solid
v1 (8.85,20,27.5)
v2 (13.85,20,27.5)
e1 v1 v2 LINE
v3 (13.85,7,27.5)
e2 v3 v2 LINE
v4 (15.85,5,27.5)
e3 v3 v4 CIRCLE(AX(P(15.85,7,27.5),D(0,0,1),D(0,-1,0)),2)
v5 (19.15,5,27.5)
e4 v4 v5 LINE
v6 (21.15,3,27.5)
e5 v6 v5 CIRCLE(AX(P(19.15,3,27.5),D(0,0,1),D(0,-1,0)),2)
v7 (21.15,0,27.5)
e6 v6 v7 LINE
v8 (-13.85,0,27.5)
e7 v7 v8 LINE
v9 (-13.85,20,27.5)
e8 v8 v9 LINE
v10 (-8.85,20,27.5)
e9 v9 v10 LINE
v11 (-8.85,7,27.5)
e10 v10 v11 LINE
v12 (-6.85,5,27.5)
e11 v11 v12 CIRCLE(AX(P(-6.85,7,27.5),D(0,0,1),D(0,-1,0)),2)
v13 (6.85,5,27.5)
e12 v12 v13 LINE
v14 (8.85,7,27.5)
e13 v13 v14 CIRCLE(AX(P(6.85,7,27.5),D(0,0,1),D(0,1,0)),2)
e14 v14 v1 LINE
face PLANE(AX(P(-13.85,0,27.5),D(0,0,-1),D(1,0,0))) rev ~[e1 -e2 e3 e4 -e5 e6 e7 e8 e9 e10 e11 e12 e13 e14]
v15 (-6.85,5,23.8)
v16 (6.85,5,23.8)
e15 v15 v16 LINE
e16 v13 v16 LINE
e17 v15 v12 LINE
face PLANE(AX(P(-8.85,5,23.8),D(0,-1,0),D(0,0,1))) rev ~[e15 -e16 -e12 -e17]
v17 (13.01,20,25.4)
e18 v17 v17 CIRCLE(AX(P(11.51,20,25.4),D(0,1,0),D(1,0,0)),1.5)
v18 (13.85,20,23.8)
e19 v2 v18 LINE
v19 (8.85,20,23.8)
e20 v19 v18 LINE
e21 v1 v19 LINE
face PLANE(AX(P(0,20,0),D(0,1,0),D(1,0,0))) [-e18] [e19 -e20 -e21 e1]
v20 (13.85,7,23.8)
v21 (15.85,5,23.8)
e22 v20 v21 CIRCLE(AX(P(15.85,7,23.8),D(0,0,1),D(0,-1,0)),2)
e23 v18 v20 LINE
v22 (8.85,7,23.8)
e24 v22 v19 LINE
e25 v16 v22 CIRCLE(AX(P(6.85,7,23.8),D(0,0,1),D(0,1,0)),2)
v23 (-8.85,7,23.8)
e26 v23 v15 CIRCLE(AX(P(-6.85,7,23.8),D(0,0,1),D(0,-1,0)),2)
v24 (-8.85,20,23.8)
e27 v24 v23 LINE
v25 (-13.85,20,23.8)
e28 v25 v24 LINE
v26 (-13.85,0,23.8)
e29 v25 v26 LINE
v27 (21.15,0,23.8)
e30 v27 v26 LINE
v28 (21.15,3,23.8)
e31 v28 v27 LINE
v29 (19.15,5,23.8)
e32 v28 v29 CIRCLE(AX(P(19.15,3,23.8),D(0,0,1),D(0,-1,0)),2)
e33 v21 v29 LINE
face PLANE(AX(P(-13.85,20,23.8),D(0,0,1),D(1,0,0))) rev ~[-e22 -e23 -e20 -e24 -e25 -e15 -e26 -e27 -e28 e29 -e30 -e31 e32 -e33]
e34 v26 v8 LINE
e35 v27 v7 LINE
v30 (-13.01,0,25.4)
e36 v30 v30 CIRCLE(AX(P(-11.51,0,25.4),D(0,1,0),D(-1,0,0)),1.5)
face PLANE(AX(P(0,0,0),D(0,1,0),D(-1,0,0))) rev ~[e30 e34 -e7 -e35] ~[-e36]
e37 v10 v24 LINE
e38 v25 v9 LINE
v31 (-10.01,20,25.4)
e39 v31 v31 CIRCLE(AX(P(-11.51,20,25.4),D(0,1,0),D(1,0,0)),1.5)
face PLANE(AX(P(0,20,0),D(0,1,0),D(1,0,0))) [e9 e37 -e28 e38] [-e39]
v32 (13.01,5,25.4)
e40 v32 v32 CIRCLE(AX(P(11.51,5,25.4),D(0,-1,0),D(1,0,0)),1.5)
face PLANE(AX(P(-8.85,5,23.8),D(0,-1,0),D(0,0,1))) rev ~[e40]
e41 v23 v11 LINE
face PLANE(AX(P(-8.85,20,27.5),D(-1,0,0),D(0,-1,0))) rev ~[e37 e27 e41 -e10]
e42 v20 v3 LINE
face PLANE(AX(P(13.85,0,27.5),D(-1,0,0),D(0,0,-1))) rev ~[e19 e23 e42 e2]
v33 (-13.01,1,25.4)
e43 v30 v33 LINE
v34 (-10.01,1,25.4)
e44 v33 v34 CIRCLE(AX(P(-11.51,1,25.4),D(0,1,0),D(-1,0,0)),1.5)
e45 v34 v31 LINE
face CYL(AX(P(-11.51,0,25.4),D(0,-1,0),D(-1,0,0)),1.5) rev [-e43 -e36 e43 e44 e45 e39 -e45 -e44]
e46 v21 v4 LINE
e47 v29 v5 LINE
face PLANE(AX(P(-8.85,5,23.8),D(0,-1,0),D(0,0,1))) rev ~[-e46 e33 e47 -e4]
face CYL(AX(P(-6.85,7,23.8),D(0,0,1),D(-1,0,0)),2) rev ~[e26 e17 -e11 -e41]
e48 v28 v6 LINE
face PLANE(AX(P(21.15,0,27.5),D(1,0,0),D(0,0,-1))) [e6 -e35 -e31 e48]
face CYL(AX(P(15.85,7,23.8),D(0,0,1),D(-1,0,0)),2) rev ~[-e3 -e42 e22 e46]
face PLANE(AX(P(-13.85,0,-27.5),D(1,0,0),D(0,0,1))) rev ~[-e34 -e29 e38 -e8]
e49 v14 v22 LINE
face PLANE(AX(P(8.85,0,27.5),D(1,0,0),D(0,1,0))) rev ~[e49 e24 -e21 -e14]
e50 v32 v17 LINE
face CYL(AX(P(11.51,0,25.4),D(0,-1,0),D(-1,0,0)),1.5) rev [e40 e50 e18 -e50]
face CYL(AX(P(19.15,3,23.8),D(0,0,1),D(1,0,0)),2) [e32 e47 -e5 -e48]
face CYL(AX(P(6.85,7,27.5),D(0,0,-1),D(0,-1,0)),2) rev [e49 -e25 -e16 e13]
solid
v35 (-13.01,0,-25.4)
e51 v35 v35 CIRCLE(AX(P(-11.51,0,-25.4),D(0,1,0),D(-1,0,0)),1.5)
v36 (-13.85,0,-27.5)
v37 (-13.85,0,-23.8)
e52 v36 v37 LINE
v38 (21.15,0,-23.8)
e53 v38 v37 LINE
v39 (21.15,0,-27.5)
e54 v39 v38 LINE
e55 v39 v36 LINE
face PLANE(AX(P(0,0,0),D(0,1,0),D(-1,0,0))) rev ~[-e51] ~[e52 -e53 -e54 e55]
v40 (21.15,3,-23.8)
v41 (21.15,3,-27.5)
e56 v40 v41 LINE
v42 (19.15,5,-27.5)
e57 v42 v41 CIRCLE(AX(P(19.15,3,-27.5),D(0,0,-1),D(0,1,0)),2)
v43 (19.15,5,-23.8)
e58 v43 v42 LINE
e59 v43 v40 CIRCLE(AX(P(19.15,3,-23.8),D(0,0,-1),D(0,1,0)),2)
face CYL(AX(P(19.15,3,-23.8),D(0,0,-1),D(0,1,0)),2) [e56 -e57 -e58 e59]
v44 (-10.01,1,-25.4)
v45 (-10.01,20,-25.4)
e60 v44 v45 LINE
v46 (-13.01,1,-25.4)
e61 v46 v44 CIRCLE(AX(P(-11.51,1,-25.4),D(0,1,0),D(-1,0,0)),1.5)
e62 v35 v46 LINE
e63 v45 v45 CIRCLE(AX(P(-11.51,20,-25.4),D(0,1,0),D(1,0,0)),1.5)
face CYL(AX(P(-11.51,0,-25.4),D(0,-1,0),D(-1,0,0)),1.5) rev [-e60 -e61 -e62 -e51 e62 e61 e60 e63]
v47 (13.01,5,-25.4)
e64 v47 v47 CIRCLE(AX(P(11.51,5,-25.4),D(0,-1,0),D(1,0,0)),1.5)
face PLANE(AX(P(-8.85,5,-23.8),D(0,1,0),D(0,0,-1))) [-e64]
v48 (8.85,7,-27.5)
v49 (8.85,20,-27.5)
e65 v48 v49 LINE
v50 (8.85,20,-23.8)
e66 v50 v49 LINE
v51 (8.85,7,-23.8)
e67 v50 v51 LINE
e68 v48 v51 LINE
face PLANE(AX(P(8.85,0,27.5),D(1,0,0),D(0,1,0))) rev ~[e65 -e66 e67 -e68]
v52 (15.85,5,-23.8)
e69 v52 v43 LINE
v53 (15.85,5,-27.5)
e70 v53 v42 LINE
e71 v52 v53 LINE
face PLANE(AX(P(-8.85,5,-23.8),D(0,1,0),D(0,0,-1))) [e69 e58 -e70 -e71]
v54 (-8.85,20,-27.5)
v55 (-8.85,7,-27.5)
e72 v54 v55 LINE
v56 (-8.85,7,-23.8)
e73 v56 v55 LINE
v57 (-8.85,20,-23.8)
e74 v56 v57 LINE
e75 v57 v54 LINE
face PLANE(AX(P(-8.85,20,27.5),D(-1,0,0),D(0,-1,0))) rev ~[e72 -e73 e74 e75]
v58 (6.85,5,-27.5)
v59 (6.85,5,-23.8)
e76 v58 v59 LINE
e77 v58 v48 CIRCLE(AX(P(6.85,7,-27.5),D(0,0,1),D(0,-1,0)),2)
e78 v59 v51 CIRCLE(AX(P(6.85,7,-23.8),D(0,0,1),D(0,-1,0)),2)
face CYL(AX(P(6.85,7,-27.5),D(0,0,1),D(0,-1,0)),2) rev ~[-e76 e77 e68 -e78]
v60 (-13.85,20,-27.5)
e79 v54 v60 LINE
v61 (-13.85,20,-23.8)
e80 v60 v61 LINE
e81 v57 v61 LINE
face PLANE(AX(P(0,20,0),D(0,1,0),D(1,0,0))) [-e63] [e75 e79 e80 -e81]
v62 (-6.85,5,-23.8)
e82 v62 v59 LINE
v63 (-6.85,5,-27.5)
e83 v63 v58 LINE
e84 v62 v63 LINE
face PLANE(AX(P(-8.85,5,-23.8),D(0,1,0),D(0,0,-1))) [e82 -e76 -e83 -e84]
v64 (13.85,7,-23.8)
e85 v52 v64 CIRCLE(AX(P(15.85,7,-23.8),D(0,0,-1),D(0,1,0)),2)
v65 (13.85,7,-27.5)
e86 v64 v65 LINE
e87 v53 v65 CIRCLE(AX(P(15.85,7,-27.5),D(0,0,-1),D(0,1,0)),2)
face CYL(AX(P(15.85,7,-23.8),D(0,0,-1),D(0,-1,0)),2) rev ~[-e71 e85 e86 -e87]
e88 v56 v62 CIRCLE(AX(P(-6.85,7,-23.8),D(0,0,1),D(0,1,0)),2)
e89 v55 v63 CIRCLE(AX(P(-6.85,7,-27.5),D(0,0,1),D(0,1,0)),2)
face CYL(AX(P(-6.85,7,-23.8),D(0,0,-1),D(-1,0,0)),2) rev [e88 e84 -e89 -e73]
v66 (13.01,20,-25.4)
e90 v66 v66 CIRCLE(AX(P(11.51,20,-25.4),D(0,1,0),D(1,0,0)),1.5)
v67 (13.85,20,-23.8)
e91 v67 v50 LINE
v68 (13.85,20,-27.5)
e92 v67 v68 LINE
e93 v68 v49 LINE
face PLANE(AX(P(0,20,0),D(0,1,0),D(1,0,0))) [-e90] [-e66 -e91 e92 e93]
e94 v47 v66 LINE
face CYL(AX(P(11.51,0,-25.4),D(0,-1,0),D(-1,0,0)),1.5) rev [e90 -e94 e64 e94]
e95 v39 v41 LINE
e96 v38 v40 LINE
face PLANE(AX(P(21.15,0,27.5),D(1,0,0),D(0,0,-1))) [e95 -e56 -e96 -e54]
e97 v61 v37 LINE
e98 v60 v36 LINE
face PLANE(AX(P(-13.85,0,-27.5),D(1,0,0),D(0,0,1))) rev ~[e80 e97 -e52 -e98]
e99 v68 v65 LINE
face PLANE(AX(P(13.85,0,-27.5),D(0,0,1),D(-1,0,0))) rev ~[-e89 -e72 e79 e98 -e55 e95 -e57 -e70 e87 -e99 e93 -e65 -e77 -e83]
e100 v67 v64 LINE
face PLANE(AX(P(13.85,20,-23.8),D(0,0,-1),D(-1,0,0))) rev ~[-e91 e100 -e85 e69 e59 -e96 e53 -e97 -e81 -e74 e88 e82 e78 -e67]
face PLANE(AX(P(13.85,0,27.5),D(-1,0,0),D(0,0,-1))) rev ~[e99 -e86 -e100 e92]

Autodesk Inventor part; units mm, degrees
ref_plane "YZ Plane" through (0, 0, 0) normal (1, 0, 0) x (0, 1, 0)
ref_plane "XZ Plane" through (0, 0, 0) normal (0, 1, 0) x (-1, 0, 0)
ref_plane "XY Plane" through (0, 0, 0) normal (0, 0, 1) x (1, 0, 0)
sketch "Sketch1" plane through (0, 0, 0) normal (0, 1, 0) x (-1, 0, 0)
  line L0 (13.85, 27.5) -> (-13.85, 27.5)
  line L1 (-13.85, 27.5) -> (-13.85, -27.5)
  line L2 (-13.85, -27.5) -> (13.85, -27.5)
  line L3 (13.85, -27.5) -> (13.85, 27.5)
  line L4 (13.85, 27.5) -> (-13.85, -27.5) construction
  line L5 (-13.85, 27.5) -> (13.85, -27.5) construction
  line L6 (0, 27.5) -> (0, -27.5) construction
  line L7 (13.85, 0) -> (-13.85, 0) construction
  circle A0 centre (11.51, 25.4) radius 1.5
  circle A1 centre (11.51, -25.4) radius 1.5
  circle A2 centre (-11.51, 25.4) radius 1.5
  circle A3 centre (-11.51, -25.4) radius 1.5
  point P0 (0, 0)
  dimension "d0" = 27.7
  dimension "d1" = 55
  dimension "d2" = 3
  dimension "d3" = 2.34
  dimension "d4" = 2.1
extrude "Extrusion1" add sketch "Sketch1" along normal blind 1
sketch "Sketch2" plane through (0, 1, 0) normal (0, 1, 0) x (1, 0, 0)
  circle A0 centre (11.51, 25.4) radius 1.5 projected
  circle A1 centre (11.51, -25.4) radius 1.5 projected
  circle A2 centre (-11.51, 25.4) radius 1.5 projected
  circle A3 centre (-11.51, -25.4) radius 1.5 projected
  line L0 (-13.85, -27.5) -> (13.85, -27.5) projected
  line L1 (13.85, -27.5) -> (13.85, 27.5) projected
  line L2 (13.85, 27.5) -> (-13.85, 27.5) projected
  line L3 (-13.85, 27.5) -> (-13.85, -27.5) projected
  point P0 (0, 0)
extrude "Extrusion2" add sketch "Sketch2" along normal blind 19
sketch "Sketch3" plane through (0, 20, 0) normal (0, 1, 0) x (1, 0, 0)
  line L0 (-13.85, 27.5) -> (-13.85, -27.5) projected
  line L1 (13.85, -27.5) -> (13.85, 27.5) projected
  line L2 (-13.85, -23.8) -> (13.85, -23.8)
  line L3 (13.85, -23.8) -> (13.85, 23.8)
  line L4 (13.85, 23.8) -> (-13.85, 23.8)
  line L5 (-13.85, 23.8) -> (-13.85, -23.8)
  line L6 (-13.85, -27.5) -> (13.85, -27.5) projected
  line L7 (13.85, 27.5) -> (-13.85, 27.5) projected
  point P0 (0, 0)
  dimension "d9" = 3.7
  dimension "d10" = 3.7
extrude "Extrusion3" cut sketch "Sketch3" against normal blind 20 contours L4 L1 L2 L0
sketch "Sketch4" plane through (-13.85, 0, 27.5) normal (0, 0, 1) x (1, 0, 0)
  line L0 (0, 0) -> (27.7, 0) projected
  line L1 (27.7, 20) -> (0, 20) projected
  line L2 (5, 0) -> (22.7, 0)
  line L3 (22.7, 0) -> (22.7, 20)
  line L4 (22.7, 20) -> (5, 20)
  line L5 (5, 20) -> (5, 0)
  line L6 (0, 0) -> (0, 20) projected
  line L7 (27.7, 0) -> (27.7, 20) projected
  point P0 (13.85, 0)
  dimension "d13" = 5
  dimension "d14" = 5
extrude "Extrusion4" cut sketch "Sketch4" against normal through all contours L5 L1 L3 L0
sketch "Sketch5" plane through (-8.85, 0, 27.5) normal (1, 0, 0) x (0, 0, -1)
  line L0 (3.7, 0) -> (0, 0) projected
  line L1 (3.7, 20) -> (3.7, 0) projected
  line L2 (0, 0) -> (3.7, 0)
  line L3 (3.7, 0) -> (3.7, 5)
  line L4 (3.7, 5) -> (0, 5)
  line L5 (0, 5) -> (0, 0)
  line L6 (51.3, 0) -> (51.3, 20) projected
  line L7 (55, 0) -> (55, 20) projected
  line L8 (51.3, 5) -> (55, 5)
  line L9 (55, 5) -> (55, 0)
  line L10 (55, 0) -> (51.3, 0)
  line L11 (51.3, 0) -> (51.3, 5)
  point P0 (27.5, 0)
  dimension "d17" = 5
extrude "Extrusion5" add sketch "Sketch5" along normal blind 30
fillet "Fillet1" radius 2 8 edges at (-8.85, 5, 25.65) (13.85, 5, 25.65) (8.85, 5, 25.65) (21.15, 5, 25.65) (21.15, 5, -25.65) (13.85, 5, -25.65) (8.85, 5, -25.65) (-8.85, 5, -25.65)
equation "\"d10\" = d9"
equation "\"d14\" = d13"
properties part number "esp32_footprint_support"
